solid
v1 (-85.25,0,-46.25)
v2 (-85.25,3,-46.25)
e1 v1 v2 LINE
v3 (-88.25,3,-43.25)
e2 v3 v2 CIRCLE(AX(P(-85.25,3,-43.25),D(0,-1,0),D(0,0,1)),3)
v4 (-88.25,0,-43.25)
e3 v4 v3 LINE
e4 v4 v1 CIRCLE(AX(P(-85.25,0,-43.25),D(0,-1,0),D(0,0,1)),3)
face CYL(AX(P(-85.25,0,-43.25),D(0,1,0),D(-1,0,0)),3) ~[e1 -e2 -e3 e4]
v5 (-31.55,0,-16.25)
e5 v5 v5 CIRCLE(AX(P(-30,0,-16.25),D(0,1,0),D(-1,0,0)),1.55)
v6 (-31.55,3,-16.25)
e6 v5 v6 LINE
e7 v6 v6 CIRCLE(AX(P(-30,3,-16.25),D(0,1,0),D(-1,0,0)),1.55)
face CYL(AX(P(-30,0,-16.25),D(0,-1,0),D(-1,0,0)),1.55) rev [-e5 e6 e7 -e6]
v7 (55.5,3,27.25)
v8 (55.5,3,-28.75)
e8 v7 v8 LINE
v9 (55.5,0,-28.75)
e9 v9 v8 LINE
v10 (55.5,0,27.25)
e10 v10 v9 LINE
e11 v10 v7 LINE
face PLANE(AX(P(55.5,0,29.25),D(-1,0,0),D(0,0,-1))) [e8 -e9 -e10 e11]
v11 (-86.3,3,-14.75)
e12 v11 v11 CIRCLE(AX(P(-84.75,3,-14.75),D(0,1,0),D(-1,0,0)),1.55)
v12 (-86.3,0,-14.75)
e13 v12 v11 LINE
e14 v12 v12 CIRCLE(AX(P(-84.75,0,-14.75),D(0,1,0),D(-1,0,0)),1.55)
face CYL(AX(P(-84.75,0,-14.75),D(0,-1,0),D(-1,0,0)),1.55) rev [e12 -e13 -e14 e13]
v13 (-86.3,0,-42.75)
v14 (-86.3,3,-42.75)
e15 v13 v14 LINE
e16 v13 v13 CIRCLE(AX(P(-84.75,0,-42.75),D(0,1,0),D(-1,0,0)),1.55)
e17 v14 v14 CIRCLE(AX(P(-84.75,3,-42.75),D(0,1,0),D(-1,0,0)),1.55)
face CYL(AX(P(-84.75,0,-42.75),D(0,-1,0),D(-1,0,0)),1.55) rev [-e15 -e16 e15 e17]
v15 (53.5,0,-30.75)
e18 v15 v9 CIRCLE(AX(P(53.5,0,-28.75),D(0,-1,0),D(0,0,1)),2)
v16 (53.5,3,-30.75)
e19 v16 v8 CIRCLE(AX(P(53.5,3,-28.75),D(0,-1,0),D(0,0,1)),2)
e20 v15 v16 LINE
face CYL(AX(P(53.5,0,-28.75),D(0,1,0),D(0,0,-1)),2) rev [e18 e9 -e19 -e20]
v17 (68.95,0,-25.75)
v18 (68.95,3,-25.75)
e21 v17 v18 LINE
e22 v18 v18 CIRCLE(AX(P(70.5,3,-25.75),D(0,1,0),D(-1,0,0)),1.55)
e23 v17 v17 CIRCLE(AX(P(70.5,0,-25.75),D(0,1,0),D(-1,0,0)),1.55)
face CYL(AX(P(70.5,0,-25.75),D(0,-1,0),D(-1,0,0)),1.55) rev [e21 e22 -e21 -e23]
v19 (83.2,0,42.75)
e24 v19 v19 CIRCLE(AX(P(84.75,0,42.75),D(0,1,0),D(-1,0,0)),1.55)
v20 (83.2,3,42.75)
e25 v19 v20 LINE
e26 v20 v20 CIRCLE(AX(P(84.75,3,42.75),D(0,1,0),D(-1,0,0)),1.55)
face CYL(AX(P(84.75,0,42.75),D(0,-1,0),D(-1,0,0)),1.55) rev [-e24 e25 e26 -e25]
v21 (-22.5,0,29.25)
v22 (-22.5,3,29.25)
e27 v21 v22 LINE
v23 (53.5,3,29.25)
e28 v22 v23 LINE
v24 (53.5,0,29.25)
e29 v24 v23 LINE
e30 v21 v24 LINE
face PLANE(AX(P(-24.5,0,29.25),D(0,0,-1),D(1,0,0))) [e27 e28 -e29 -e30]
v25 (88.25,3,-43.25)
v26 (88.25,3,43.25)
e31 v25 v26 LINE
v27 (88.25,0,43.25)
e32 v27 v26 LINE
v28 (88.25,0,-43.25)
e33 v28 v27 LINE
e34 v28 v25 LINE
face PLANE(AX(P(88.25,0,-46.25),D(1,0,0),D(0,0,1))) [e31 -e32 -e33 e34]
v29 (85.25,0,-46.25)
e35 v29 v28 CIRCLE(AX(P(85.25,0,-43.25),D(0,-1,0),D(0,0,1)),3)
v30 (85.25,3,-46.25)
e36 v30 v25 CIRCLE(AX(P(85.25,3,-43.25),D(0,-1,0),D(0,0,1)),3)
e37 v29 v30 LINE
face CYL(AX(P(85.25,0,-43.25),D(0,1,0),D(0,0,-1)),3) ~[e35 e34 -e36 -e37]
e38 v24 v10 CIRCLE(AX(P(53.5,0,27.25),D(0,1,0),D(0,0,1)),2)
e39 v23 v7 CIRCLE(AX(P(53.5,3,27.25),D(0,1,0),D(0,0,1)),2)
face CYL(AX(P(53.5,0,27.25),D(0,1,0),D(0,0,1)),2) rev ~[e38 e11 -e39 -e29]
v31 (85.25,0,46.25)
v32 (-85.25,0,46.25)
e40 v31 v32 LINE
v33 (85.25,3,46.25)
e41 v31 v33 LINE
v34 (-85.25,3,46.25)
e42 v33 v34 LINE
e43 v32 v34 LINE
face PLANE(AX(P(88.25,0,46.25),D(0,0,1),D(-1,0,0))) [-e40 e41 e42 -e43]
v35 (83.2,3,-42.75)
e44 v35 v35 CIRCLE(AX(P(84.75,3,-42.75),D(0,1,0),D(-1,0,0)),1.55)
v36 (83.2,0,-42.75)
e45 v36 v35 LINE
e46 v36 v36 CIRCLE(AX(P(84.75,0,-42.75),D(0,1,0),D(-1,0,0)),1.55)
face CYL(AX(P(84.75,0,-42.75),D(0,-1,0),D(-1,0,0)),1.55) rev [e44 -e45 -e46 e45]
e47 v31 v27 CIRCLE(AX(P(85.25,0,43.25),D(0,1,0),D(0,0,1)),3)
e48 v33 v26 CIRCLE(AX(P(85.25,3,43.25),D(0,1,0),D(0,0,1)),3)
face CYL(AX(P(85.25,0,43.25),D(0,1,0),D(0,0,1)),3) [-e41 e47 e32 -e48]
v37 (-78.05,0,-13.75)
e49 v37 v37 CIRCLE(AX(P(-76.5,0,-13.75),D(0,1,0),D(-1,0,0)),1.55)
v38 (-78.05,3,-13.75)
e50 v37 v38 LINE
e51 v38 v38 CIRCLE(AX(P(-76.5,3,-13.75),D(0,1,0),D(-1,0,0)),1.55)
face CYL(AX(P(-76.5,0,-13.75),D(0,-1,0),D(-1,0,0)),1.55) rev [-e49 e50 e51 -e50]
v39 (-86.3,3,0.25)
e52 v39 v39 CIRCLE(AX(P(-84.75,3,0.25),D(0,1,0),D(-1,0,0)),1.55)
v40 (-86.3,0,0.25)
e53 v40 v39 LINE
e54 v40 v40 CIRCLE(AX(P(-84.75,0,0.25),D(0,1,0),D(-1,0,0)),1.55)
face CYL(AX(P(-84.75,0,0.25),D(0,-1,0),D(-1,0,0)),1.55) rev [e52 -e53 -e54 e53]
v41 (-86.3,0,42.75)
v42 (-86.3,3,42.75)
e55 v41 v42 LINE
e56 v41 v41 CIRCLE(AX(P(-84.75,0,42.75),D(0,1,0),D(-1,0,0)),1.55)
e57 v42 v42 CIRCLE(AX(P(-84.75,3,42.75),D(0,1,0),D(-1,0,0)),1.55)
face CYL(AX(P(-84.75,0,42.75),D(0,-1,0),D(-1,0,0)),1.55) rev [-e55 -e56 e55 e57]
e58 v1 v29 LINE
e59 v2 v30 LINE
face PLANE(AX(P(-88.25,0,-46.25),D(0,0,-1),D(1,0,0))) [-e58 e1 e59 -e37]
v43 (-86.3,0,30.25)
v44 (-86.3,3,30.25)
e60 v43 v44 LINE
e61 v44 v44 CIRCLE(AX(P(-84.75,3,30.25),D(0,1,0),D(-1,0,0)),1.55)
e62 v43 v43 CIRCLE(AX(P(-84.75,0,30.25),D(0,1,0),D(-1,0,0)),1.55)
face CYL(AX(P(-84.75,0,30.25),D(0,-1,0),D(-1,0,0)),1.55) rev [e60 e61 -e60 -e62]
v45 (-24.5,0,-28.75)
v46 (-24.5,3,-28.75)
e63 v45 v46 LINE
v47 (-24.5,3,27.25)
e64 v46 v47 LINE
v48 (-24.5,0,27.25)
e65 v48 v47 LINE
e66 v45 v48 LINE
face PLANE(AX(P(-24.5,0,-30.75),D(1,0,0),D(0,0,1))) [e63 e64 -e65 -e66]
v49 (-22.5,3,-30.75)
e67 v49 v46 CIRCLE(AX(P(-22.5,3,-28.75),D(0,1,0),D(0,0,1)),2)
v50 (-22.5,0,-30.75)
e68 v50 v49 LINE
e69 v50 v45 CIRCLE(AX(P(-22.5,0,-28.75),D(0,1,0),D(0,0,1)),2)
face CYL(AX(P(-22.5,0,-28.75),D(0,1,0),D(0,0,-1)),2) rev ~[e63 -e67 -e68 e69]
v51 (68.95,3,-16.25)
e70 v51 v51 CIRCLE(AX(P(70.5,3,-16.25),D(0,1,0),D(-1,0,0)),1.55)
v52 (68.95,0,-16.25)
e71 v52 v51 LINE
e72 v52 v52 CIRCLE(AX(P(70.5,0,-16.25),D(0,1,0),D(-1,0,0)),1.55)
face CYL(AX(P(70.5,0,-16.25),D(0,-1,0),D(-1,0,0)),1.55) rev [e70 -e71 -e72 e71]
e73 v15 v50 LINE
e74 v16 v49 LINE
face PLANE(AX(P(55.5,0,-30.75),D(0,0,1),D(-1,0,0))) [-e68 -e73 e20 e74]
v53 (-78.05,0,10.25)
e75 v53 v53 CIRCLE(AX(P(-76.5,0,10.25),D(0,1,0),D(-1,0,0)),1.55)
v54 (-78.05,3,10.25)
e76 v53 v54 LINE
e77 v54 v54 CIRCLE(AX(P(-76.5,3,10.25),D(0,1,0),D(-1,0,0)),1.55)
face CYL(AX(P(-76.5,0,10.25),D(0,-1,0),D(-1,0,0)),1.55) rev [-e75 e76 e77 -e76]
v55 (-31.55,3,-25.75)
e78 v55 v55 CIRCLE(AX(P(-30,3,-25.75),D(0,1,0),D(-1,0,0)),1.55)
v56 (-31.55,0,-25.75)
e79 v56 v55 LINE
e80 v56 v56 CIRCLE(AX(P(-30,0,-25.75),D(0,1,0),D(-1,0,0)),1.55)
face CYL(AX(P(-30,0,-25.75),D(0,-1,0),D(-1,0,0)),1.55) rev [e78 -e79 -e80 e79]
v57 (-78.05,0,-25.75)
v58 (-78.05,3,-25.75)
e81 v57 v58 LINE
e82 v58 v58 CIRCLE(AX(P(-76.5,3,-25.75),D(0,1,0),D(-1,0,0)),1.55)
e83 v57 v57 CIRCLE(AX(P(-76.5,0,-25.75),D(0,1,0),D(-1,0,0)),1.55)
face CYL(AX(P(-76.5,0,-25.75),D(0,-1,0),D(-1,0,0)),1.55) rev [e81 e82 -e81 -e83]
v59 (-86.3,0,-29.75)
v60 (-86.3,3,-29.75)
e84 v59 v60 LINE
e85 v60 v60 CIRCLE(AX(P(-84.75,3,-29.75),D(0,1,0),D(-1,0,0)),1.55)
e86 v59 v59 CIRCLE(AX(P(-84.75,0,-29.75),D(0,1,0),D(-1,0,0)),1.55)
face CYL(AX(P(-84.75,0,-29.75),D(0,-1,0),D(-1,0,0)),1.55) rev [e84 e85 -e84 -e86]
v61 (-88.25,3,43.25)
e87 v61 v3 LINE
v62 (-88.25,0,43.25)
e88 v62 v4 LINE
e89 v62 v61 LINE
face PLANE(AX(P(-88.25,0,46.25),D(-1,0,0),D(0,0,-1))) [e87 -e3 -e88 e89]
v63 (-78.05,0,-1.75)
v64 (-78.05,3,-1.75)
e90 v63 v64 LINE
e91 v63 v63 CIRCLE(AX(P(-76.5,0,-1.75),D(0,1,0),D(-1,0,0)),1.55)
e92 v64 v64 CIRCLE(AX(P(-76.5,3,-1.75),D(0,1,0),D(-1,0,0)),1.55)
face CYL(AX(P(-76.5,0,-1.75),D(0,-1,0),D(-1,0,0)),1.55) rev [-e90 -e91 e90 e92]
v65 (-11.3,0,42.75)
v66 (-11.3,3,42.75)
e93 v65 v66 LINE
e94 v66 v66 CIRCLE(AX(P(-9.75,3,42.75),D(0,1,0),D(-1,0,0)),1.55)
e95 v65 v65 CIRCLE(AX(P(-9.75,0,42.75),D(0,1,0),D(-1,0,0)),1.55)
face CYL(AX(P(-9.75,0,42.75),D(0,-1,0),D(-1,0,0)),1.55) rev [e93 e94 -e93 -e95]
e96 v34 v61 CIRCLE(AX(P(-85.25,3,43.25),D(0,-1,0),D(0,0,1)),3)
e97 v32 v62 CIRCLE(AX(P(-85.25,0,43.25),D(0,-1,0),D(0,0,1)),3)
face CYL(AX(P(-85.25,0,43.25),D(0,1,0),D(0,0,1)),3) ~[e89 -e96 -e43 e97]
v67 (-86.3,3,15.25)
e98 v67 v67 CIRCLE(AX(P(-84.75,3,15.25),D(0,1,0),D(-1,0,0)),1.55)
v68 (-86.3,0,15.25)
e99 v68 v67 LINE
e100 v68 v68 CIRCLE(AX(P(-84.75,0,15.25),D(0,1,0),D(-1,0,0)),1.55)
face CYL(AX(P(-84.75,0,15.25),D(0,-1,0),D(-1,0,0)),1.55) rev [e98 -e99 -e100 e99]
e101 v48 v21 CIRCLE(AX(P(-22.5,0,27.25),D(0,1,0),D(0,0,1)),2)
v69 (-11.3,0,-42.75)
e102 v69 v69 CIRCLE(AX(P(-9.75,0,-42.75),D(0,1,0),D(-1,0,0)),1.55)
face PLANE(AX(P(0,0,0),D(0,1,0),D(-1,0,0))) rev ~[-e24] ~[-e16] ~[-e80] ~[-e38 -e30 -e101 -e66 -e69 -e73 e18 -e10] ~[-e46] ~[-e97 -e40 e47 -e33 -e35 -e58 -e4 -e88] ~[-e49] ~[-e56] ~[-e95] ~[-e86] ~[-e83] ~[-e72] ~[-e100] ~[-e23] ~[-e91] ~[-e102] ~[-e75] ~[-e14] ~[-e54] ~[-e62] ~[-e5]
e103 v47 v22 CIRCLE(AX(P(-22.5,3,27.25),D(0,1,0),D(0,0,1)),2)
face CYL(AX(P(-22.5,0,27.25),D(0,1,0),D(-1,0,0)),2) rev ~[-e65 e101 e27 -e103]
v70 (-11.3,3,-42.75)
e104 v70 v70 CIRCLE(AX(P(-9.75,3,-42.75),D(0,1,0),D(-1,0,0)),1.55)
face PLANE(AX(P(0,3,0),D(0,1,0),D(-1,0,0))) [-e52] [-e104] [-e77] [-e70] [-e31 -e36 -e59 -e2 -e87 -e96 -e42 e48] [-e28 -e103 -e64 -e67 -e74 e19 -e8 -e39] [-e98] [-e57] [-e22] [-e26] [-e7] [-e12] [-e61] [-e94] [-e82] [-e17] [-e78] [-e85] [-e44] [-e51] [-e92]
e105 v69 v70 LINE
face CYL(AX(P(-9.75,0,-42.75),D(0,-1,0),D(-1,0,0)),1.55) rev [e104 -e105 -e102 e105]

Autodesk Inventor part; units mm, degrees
ref_plane "YZ Plane" through (0, 0, 0) normal (1, 0, 0) x (0, 1, 0)
ref_plane "XZ Plane" through (0, 0, 0) normal (0, 1, 0) x (-1, 0, 0)
ref_plane "XY Plane" through (0, 0, 0) normal (0, 0, 1) x (1, 0, 0)
sketch "スケッチ1" plane through (0, 0, 0) normal (0, 1, 0) x (-1, 0, 0)
  line L0 (-88.25, 46.25) -> (88.25, 46.25)
  line L1 (88.25, 46.25) -> (88.25, -46.25)
  line L2 (88.25, -46.25) -> (-88.25, -46.25)
  line L3 (-88.25, -46.25) -> (-88.25, 46.25)
  line L4 (-88.25, 46.25) -> (88.25, -46.25) construction
  line L5 (88.25, 46.25) -> (-88.25, -46.25) construction
  circle A0 centre (84.75, 42.75) radius 1.55
  circle A1 centre (9.75, 42.75) radius 1.55
  circle A2 centre (-84.75, 42.75) radius 1.55
  line L6 (151.0272, 0) -> (-157.6431, 0) construction
  line L7 (0, 129.3763) -> (0, -94.6315) construction
  circle A3 centre (84.75, -42.75) radius 1.55
  circle A4 centre (9.75, -42.75) radius 1.55
  circle A5 centre (-84.75, -42.75) radius 1.55
  circle A6 centre (30, -25.75) radius 1.55
  circle A7 centre (30, -16.25) radius 1.55
  line L8 (88.25, -25.75) -> (-88.25, -25.75) construction
  line L9 (-88.25, -16.25) -> (88.25, -16.25) construction
  circle A8 centre (-70.5, -25.75) radius 1.55
  circle A9 centre (-70.5, -16.25) radius 1.55
  circle A10 centre (84.75, -29.75) radius 1.55
  circle A11 centre (84.75, -14.75) radius 1.55
  circle A12 centre (84.75, 0.25) radius 1.55
  circle A13 centre (84.75, 15.25) radius 1.55
  circle A14 centre (84.75, 30.25) radius 1.55
  circle A15 centre (76.5, -25.75) radius 1.55
  circle A16 centre (76.5, -13.75) radius 1.55
  circle A17 centre (76.5, -1.75) radius 1.55
  circle A18 centre (76.5, 10.25) radius 1.55
  line L10 (-55.5, -30.75) -> (24.5, -30.75)
  line L11 (24.5, -30.75) -> (24.5, 29.25)
  line L12 (24.5, 29.25) -> (-55.5, 29.25)
  line L13 (-55.5, 29.25) -> (-55.5, -30.75)
  line L14 (-55.5, -30.75) -> (24.5, 29.25) construction
  line L15 (24.5, -30.75) -> (-55.5, 29.25) construction
  point P0 (0, 0)
  point P1 (-15.5, -0.75)
  dimension "d105" = 176.5
  dimension "d106" = 92.5
  dimension "d107" = 3.5
  dimension "d108" = 3.5
  dimension "d109" = 3.1
  dimension "d110" = 78.5
  dimension "d111" = 3.5
  dimension "d112" = 3.1
  dimension "d113" = 173
  dimension "d114" = 3.5
  dimension "d115" = 3.1
  dimension "d116" = 46.25
  dimension "d117" = 88.25
  dimension "d118" = 58.25
  dimension "d119" = 20.5
  dimension "d120" = 30
  dimension "d121" = 3.1
  dimension "d122" = 3.1
  dimension "d123" = 58.25
  dimension "d129" = 3.1
  dimension "d130" = 3.1
  dimension "d132" = 9.5
  dimension "d133" = 20.5
  dimension "d134" = 30
  dimension "d135" = 158.75
  dimension "d136" = 16.5
  dimension "d137" = 3.5
  dimension "d138" = 3.1
  dimension "d141" = 15
  dimension "d146" = 20.5
  dimension "d147" = 11.75
  dimension "d148" = 3.1
  dimension "d151" = 12
  dimension "d156" = 15.5
  dimension "d157" = 75.5
  dimension "d158" = 63.75
  dimension "d159" = 143.75
  dimension "d164" = 100.5
extrude "押し出し1" add sketch "スケッチ1" along normal blind 3
fillet "フィレット1" radius 2 4 edges at (-24.5, 1.5, 29.25) (-24.5, 1.5, -30.75) (55.5, 1.5, 29.25) (55.5, 1.5, -30.75)
fillet "フィレット2" radius 3 4 edges at (-88.25, 1.5, 46.25) (-88.25, 1.5, -46.25) (88.25, 1.5, 46.25) (88.25, 1.5, -46.25)
equation "\"d108\" = d107"
equation "\"d111\" = d107"
equation "\"d112\" = d109"
equation "\"d114\" = d111"
equation "\"d115\" = d112"
equation "\"d121\" = d109"
equation "\"d122\" = d109"
equation "\"d123\" = d118"
equation "\"d129\" = d131"
equation "\"d130\" = d131"
equation "\"d135\" = d128"
equation "\"d138\" = d109"
equation "\"d148\" = d138"
equation "\"d131\" = 3.1"
equation "\"d128\" = 158.75"
properties part number "Sole" material "CFRP"
